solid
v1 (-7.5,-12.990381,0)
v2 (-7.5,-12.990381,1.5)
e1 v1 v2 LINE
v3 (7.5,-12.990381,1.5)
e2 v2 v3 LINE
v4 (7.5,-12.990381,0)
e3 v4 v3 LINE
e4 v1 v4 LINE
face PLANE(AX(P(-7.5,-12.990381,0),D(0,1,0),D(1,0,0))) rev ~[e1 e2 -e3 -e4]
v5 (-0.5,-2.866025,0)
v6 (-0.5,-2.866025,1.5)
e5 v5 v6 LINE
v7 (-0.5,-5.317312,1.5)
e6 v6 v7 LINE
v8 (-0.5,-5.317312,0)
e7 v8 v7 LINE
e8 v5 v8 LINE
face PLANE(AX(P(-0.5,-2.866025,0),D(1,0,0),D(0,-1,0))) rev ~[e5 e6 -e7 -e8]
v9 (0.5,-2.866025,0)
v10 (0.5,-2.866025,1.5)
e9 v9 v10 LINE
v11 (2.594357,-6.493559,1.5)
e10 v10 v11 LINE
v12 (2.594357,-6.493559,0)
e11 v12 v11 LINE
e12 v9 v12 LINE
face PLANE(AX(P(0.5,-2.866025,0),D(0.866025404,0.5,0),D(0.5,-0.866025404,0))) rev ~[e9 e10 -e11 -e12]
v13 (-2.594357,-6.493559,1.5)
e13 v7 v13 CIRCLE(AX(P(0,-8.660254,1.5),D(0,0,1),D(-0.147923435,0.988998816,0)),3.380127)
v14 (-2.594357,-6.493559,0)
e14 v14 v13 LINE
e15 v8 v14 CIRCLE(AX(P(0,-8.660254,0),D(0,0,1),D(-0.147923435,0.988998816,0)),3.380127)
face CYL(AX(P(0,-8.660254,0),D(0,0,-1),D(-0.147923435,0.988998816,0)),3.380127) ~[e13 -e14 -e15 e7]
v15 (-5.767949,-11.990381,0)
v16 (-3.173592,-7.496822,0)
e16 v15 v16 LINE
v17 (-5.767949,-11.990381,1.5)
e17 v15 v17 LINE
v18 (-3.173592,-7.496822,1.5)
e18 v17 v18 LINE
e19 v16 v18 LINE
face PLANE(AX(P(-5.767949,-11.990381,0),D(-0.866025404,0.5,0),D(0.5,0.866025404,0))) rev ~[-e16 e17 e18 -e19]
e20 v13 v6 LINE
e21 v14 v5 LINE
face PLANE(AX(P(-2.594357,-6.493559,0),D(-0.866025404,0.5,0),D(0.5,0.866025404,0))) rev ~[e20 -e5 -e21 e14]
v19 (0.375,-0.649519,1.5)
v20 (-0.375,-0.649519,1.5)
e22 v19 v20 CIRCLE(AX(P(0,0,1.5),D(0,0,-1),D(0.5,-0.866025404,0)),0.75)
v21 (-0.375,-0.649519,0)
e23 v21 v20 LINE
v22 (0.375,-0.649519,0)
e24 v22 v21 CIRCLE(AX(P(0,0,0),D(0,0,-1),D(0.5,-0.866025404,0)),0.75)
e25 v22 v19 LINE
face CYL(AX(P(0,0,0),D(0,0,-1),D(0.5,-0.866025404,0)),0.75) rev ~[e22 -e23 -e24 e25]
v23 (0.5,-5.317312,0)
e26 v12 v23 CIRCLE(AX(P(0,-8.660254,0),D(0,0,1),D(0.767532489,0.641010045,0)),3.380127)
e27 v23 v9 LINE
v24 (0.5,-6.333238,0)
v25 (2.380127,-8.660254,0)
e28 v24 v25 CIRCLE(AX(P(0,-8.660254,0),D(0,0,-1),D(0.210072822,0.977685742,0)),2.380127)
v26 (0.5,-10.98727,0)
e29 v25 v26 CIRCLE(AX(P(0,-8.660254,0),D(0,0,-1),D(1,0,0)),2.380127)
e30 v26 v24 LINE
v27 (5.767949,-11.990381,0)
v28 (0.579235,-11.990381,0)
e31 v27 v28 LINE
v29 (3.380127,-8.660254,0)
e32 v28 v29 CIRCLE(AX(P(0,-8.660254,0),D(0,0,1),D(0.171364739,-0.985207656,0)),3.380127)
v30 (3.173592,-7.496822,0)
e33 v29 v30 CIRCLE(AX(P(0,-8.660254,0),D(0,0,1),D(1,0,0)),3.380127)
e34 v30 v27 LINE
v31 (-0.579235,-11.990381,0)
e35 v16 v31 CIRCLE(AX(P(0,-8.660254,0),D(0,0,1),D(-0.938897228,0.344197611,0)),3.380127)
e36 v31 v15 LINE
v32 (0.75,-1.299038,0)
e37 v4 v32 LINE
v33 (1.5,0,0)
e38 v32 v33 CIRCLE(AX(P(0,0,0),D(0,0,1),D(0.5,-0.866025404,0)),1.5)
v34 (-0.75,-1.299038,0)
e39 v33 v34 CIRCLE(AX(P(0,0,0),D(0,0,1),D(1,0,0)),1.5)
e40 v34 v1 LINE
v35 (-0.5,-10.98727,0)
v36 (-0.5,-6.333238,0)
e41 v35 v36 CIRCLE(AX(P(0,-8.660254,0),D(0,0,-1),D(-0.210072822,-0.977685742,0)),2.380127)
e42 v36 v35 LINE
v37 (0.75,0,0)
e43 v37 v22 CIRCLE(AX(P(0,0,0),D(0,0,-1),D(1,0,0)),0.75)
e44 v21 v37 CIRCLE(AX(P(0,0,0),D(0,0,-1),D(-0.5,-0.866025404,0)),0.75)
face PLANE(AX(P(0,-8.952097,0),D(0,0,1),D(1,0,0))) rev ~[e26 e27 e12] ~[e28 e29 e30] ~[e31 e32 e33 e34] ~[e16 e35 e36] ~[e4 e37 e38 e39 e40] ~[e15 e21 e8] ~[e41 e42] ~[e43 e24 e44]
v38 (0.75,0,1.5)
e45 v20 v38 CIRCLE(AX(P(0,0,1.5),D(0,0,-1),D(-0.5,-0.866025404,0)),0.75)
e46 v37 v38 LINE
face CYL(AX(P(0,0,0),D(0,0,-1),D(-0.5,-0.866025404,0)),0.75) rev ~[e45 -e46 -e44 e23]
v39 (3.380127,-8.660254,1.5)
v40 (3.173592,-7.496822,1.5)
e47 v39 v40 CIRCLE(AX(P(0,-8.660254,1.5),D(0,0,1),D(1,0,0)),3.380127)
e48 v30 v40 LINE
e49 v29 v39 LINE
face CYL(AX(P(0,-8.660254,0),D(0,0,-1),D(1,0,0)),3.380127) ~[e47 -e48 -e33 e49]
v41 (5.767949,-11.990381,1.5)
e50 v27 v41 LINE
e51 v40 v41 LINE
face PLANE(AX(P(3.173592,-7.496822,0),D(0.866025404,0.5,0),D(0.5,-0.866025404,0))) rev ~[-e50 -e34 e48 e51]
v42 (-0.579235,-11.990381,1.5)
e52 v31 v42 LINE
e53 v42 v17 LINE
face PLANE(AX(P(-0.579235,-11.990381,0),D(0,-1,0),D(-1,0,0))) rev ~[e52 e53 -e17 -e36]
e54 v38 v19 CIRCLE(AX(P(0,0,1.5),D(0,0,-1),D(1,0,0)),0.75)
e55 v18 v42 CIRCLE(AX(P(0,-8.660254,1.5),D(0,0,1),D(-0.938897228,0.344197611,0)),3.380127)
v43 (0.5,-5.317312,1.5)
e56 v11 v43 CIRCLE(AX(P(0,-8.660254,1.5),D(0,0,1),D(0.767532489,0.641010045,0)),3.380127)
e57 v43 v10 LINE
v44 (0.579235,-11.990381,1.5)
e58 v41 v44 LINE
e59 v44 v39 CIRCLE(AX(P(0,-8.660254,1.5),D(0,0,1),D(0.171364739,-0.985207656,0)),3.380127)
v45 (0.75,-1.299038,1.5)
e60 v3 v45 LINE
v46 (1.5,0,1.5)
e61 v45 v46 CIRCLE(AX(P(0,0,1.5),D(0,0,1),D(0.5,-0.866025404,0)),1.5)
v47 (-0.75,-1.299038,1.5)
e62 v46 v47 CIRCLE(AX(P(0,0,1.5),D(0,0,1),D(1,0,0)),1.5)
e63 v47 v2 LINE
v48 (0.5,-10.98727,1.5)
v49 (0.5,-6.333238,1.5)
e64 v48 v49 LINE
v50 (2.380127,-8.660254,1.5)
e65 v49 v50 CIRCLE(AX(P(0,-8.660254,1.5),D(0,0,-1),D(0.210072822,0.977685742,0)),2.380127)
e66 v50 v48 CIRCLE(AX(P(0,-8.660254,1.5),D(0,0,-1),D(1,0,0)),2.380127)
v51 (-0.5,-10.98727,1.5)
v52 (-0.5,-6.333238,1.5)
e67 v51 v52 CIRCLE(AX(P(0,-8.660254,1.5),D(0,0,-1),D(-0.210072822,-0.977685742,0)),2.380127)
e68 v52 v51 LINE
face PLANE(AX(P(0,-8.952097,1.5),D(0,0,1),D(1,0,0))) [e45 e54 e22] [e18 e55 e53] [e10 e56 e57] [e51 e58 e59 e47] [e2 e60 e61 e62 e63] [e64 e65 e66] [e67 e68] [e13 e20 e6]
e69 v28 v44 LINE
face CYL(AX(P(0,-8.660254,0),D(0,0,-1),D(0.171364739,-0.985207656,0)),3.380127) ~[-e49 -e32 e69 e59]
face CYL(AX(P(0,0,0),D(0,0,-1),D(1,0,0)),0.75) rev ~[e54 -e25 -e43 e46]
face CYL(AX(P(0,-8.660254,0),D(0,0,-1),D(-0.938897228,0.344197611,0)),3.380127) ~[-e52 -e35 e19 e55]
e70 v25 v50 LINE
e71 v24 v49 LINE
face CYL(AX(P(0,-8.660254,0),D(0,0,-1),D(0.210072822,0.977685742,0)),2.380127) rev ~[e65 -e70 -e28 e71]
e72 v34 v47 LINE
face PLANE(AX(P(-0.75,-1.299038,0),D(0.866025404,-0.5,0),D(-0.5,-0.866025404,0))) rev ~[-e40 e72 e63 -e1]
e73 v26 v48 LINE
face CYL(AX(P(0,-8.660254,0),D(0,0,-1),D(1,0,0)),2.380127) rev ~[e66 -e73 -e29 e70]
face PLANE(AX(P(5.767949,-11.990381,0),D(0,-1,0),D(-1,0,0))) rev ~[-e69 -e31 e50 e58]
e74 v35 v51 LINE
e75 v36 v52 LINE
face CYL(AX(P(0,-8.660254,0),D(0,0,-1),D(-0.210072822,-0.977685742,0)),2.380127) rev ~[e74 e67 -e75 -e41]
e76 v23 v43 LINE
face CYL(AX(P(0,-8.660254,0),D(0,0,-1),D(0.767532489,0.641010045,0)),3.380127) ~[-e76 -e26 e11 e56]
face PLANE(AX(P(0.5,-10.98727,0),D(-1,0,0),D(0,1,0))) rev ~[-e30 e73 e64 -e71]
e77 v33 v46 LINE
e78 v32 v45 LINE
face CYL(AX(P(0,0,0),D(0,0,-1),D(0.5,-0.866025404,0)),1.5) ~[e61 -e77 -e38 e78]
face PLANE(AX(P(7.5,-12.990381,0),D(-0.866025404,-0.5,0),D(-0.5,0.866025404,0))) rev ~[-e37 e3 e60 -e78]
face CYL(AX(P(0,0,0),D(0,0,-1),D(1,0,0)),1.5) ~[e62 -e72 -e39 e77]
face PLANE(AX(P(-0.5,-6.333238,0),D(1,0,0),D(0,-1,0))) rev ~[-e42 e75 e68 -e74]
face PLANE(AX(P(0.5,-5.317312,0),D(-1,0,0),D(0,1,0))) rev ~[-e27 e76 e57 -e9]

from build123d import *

# Parameters (mm, degrees)
F1_DEPTH = 1.5


with BuildPart() as f1:
    # F0 (on Top) → F1 (new body)
    with BuildSketch(Plane.XY):
        with BuildLine():
            ThreePointArc((0.75, -1.2990381057), (0, -1.5), (-0.75, -1.2990381057))
            Line((-0.75, -1.2990381057), (-7.5, -12.9903810568))
            Line((-7.5, -12.9903810568), (7.5, -12.9903810568))
            Line((7.5, -12.9903810568), (0.75, -1.2990381057))
        make_face()
        with BuildLine():
            Line((-0.5, -2.8660254038), (0, -2))
            Line((0, -2), (0.5, -2.8660254038))
            Line((0.5, -2.8660254038), (2.5943573048, -6.4935586649))
            ThreePointArc((2.5943573048, -6.4935586649), (2.9272758664, -6.9701905284), (3.1735918876, -7.4968223918))
            Line((3.1735918876, -7.4968223918), (5.7679491924, -11.9903810568))
            Line((5.7679491924, -11.9903810568), (0.5792345828, -11.9903810568))
            ThreePointArc((0.5792345828, -11.9903810568), (0, -12.0403810568), (-0.5792345828, -11.9903810568))
            Line((-0.5792345828, -11.9903810568), (-5.7679491924, -11.9903810568))
            Line((-5.7679491924, -11.9903810568), (-3.1735918876, -7.4968223918))
            ThreePointArc((-3.1735918876, -7.4968223918), (-2.9272758664, -6.9701905284), (-2.5943573048, -6.4935586649))
            Line((-2.5943573048, -6.4935586649), (-0.5, -2.8660254038))
        make_face(mode=Mode.SUBTRACT)
        with BuildLine():
            ThreePointArc((-0.5, -5.3173124194), (-1.6551889892, -5.7131184668), (-2.5943573048, -6.4935586649))
            Line((-2.5943573048, -6.4935586649), (-3.1735918876, -7.4968223918))
            ThreePointArc((-3.1735918876, -7.4968223918), (-2.9272758664, -10.3503175473), (-0.5792345828, -11.9903810568))
            Line((-0.5792345828, -11.9903810568), (-0.5, -11.9903810568))
            Line((-0.5, -11.9903810568), (-0.5, -10.9872702875))
            ThreePointArc((-0.5, -10.9872702875), (-2.3801270189, -8.6602540378), (-0.5, -6.3332377882))
            Line((-0.5, -6.3332377882), (-0.5, -5.3173124194))
        make_face()
        with BuildLine():
            Line((3.1735918876, -7.4968223918), (2.5943573048, -6.4935586649))
            ThreePointArc((2.5943573048, -6.4935586649), (1.6551889892, -5.7131184668), (0.5, -5.3173124194))
            Line((0.5, -5.3173124194), (0.5, -6.3332377882))
            ThreePointArc((0.5, -6.3332377882), (1.8513600589, -7.164436349), (2.3801270189, -8.6602540378))
            ThreePointArc((2.3801270189, -8.6602540378), (1.8513600589, -10.1560717267), (0.5, -10.9872702875))
            Line((0.5, -10.9872702875), (0.5, -11.9903810568))
            Line((0.5, -11.9903810568), (0.5792345828, -11.9903810568))
            ThreePointArc((0.5792345828, -11.9903810568), (2.5868074076, -10.8359576252), (3.3801270189, -8.6602540378))
            ThreePointArc((3.3801270189, -8.6602540378), (3.3280927233, -8.0694431638), (3.1735918876, -7.4968223918))
        make_face()
        with BuildLine():
            ThreePointArc((0.5, -6.3332377882), (0, -6.2801270189), (-0.5, -6.3332377882))
            Line((-0.5, -6.3332377882), (-0.5, -10.9872702875))
            ThreePointArc((-0.5, -10.9872702875), (0, -11.0403810568), (0.5, -10.9872702875))
            Line((0.5, -10.9872702875), (0.5, -6.3332377882))
        make_face()
        with BuildLine():
            Line((-0.75, -1.2990381057), (-0.375, -0.6495190528))
            ThreePointArc((-0.375, -0.6495190528), (-0.375, 0.6495190528), (0.75, 0))
            ThreePointArc((0.75, 0), (0.6495190528, -0.375), (0.375, -0.6495190528))
            Line((0.375, -0.6495190528), (0.75, -1.2990381057))
            ThreePointArc((0.75, -1.2990381057), (1.2990381057, -0.75), (1.5, 0))
            ThreePointArc((1.5, 0), (-0.75, 1.2990381057), (-0.75, -1.2990381057))
        make_face()
        with BuildLine():
            Line((0.5, -2.8660254038), (0, -2))
            Line((0, -2), (-0.5, -2.8660254038))
            Line((-0.5, -2.8660254038), (-0.5, -5.3173124194))
            ThreePointArc((-0.5, -5.3173124194), (0, -5.2801270189), (0.5, -5.3173124194))
            Line((0.5, -5.3173124194), (0.5, -2.8660254038))
        make_face()
        with BuildLine():
            ThreePointArc((0.5, -5.3173124194), (0, -5.2801270189), (-0.5, -5.3173124194))
            Line((-0.5, -5.3173124194), (-0.5, -6.3332377882))
            ThreePointArc((-0.5, -6.3332377882), (0, -6.2801270189), (0.5, -6.3332377882))
            Line((0.5, -6.3332377882), (0.5, -5.3173124194))
        make_face()
        with BuildLine():
            ThreePointArc((0.5, -10.9872702875), (0, -11.0403810568), (-0.5, -10.9872702875))
            Line((-0.5, -10.9872702875), (-0.5, -11.9903810568))
            Line((-0.5, -11.9903810568), (0.5, -11.9903810568))
            Line((0.5, -11.9903810568), (0.5, -10.9872702875))
        make_face()
        with BuildLine():
            ThreePointArc((0.375, -0.6495190528), (0, -0.75), (-0.375, -0.6495190528))
            Line((-0.375, -0.6495190528), (-0.75, -1.2990381057))
            ThreePointArc((-0.75, -1.2990381057), (0, -1.5), (0.75, -1.2990381057))
            Line((0.75, -1.2990381057), (0.375, -0.6495190528))
        make_face()
        with BuildLine():
            Line((-0.5, -11.9903810568), (-0.5792345828, -11.9903810568))
            ThreePointArc((-0.5792345828, -11.9903810568), (0, -12.0403810568), (0.5792345828, -11.9903810568))
            Line((0.5792345828, -11.9903810568), (0.5, -11.9903810568))
            Line((0.5, -11.9903810568), (-0.5, -11.9903810568))
        make_face()
        with BuildLine():
            Line((-3.1735918876, -7.4968223918), (-2.5943573048, -6.4935586649))
            ThreePointArc((-2.5943573048, -6.4935586649), (-2.9272758664, -6.9701905284), (-3.1735918876, -7.4968223918))
        make_face()
        with BuildLine():
            ThreePointArc((3.1735918876, -7.4968223918), (2.9272758664, -6.9701905284), (2.5943573048, -6.4935586649))
            Line((2.5943573048, -6.4935586649), (3.1735918876, -7.4968223918))
        make_face()
    extrude(amount=F1_DEPTH)


solid = f1.part
